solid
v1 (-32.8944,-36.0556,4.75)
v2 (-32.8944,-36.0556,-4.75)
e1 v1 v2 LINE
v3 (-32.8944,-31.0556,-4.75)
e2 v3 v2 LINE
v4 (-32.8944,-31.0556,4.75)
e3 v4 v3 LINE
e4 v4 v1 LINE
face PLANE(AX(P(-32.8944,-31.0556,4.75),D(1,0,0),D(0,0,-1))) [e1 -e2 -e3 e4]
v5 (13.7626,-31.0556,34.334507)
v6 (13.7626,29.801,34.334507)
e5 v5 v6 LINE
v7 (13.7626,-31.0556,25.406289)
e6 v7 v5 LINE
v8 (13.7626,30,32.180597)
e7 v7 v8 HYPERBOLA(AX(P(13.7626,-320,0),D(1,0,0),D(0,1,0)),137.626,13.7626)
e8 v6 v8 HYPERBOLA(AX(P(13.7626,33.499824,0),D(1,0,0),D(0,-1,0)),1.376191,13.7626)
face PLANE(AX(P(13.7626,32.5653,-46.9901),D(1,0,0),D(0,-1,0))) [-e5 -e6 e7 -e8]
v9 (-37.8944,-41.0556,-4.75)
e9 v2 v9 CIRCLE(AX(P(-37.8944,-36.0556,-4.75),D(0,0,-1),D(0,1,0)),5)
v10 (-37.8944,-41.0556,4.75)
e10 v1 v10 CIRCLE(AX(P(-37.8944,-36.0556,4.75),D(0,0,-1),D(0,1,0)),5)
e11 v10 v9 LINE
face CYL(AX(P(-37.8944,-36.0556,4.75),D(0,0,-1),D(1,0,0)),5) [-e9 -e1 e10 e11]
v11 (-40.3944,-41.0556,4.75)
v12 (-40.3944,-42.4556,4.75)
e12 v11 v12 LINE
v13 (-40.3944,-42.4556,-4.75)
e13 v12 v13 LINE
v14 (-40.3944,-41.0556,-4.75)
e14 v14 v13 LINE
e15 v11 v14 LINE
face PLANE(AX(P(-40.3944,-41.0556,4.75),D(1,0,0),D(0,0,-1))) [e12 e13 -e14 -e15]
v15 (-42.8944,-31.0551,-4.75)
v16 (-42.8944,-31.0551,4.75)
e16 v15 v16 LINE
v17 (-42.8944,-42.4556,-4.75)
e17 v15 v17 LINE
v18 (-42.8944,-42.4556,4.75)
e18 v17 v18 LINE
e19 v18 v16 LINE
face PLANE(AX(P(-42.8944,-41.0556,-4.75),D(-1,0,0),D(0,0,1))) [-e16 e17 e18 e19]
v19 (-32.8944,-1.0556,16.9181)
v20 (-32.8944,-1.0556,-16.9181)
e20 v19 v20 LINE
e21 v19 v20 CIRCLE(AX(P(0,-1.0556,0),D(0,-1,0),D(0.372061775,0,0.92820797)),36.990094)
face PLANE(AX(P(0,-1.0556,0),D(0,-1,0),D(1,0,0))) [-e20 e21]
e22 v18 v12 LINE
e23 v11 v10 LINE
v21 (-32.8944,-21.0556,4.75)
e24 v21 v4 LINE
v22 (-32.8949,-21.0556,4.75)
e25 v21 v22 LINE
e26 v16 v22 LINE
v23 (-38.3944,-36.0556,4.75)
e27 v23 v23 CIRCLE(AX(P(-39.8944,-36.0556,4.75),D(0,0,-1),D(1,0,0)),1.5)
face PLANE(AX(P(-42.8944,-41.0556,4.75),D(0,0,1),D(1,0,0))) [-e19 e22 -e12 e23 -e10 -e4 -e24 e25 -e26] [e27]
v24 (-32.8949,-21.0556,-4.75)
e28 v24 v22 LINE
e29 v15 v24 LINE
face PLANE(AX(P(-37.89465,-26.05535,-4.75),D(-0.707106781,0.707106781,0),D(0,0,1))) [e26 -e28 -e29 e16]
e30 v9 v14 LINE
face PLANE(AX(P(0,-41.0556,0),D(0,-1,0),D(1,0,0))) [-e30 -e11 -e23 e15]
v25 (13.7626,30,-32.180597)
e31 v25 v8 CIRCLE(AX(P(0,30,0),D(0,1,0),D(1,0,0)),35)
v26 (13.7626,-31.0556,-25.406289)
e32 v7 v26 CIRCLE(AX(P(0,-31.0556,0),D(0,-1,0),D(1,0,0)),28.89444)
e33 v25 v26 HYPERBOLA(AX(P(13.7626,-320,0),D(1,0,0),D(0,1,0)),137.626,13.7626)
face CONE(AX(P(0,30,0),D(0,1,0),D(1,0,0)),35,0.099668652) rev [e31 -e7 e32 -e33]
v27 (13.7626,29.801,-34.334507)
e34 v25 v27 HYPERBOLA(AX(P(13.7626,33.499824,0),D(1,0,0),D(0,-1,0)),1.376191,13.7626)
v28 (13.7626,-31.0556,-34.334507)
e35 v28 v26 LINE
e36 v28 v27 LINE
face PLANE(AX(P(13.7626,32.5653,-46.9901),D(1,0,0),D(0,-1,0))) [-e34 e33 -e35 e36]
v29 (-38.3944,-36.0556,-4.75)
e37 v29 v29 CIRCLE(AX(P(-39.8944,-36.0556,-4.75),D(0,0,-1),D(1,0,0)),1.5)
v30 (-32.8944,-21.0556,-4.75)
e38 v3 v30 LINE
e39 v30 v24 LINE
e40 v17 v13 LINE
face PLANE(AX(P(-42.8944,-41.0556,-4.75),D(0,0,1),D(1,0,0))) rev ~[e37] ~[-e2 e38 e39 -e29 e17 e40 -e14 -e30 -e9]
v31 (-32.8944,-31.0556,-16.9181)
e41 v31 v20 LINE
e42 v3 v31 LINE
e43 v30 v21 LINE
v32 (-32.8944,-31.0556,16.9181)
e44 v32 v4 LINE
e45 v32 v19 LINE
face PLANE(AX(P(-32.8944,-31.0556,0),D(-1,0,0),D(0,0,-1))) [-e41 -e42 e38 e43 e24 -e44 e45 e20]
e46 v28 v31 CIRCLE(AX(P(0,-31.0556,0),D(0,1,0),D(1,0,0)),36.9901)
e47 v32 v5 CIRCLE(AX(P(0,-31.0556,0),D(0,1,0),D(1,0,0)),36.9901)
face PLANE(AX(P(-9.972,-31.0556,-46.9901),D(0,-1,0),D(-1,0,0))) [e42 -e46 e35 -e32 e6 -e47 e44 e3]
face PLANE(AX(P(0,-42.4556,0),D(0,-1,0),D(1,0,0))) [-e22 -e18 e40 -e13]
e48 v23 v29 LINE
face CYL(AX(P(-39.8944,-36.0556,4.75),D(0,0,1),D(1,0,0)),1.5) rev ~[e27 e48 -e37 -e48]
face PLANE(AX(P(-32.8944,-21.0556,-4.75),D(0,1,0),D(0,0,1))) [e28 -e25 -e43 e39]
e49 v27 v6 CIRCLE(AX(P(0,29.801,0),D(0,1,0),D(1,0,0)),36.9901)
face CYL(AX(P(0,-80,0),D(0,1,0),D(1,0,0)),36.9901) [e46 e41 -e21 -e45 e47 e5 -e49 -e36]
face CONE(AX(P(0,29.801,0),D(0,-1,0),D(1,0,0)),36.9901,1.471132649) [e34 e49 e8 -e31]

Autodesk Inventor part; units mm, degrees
sketch "スケッチ1" plane through (0, 0, 0) normal (0, 0, 1) x (1, 0, 0)
  line L0 (0, 0) -> (32, 0)
  line L1 (0, 0) -> (0, 30)
  line L2 (0, 30) -> (35, 30)
  line L3 (35, 30) -> (32, 0)
  line L4 (32, 0) -> (33.9901, -0.199)
  line L5 (33.9901, -0.199) -> (36.9901, 29.801)
  line L6 (36.9901, 29.801) -> (35, 30)
  line L7 (0, 0) -> (0, -80)
  line L8 (0, -80) -> (26.01, -80)
  line L9 (32, 0) -> (24.0199, -79.801)
  line L10 (33.9901, -0.199) -> (26.01, -80)
  line L11 (26.01, -80) -> (24.0199, -79.801)
  line L12 (26.01, -80) -> (36.9901, -80)
  line L13 (36.9901, -80) -> (36.9901, 29.801)
  line L14 (24.0199, -79.801) -> (24, -80)
  dimension "d0" = 32
  dimension "d1" = 30
  dimension "d2" = 35
  dimension "d3" = 2
  dimension "d4" = 80
revolve "回転1" add sketch "スケッチ1" angle 360 about axis through (0, 0, 0) along (0, 1, 0) contours L3 L6 L5 L4 | L4 L10 L11 L9 | L5 L13 L12 L10 | L11 L8 L14
ref_plane "作業平面4" through (0, 0, 37) normal (0, 0, 1) x (1, 0, 0)
sketch "スケッチ2" plane through (0, 0, 37) normal (0, 0, 1) x (1, 0, 0)
  circle A0 centre (0, 0) radius 33
  line L0 (0, 0) -> (0, -46)
  line L1 (-13.5, -41) -> (13.5, -41)
  line L2 (13.5, -41) -> (13.5, -51)
  line L3 (13.5, -51) -> (-13.5, -51)
  line L4 (-13.5, -51) -> (-13.5, -41)
  line L5 (-13.5, -41) -> (13.5, -51) construction
  line L6 (13.5, -41) -> (-13.5, -51) construction
  dimension "d10" = 66
  dimension "d11" = 46
  dimension "d12" = 27
  dimension "d13" = 10
sketch "スケッチ4" plane through (0, -80, 0) normal (0, -1, 0) x (1, 0, 0)
  circle A0 centre (0, 0) radius 36.9901 projected
  line L0 (-20, 25.4) -> (20, 25.4)
  line L1 (20, 25.4) -> (20, -25.4)
  line L2 (20, -25.4) -> (-20, -25.4)
  line L3 (-20, -25.4) -> (-20, 25.4)
  line L4 (-20, 25.4) -> (20, -25.4) construction
  line L5 (20, 25.4) -> (-20, -25.4) construction
  arc A1 (20, 13.2808) -> (-20, 13.2808) centre (0, 0) ccw
  arc A2 (-20, -13.2808) -> (20, -13.0826) centre (-0.0647, -0.1207) ccw
  dimension "d14" = 40
  dimension "d15" = 50.8
extrude "押し出し1" add sketch "スケッチ4" along normal blind 10 contours L0 L1 A1 L3 | A2 L1 L2 L3
sketch "スケッチ5" plane through (-20, -80, 25.4) normal (0, 0, 1) x (1, 0, 0)
  line L0 (0, 0) -> (40, 0) projected
  line L1 (40, 0) -> (40, -10) projected
  line L2 (20, 0) -> (20, -5)
  line L3 (20, -5) -> (35, -5)
  line L4 (20, -5) -> (5, -5)
  circle A0 centre (5, -5) radius 1.25
  circle A1 centre (35, -5) radius 1.25
  point P0 (20, 80)
  dimension "d18" = 5
  dimension "d19" = 15
  dimension "d20" = 15
  dimension "d21" = 2.5
  dimension "d22" = 2.5
extrude "押し出し2" cut sketch "スケッチ5" against normal blind 51
extrude "押し出し3" cut sketch "スケッチ2" against normal blind 80 contours L1 L2 L3 L4
sketch "スケッチ6" plane through (0, -80, 0) normal (0, -1, 0) x (1, 0, 0)
  arc A0 (-20, -13.2808) -> (2.6513, -23.8531) centre (-0.0647, -0.1207) ccw projected
  arc A1 (20, -13.2665) -> (2.6513, -23.8531) centre (0, 0) ccw projected
  line L0 (20, -13.2665) -> (20, -25.4) projected
  line L1 (-20, -25.4) -> (-20, -13.2808) projected
  line L2 (20, 25.4) -> (20, 13.2808) projected
  arc A2 (20, 13.2808) -> (-20, 13.2808) centre (0, 0) ccw projected
  line L3 (-20, 13.2808) -> (-20, 25.4) projected
  arc A3 (-20, 13.2808) -> (-20, -13.2808) centre (0.1181, 0) ccw
  arc A4 (-20, 25.4) -> (-20, -25.4) centre (1.0675, 0) ccw
  arc A5 (20, -13.2665) -> (20, 13.2808) centre (0.0108, 0.0072) ccw
  arc A6 (20, -25.4) -> (20, 25.4) centre (-1.0675, 0) ccw
  dimension "d27" = 33
  dimension "d28" = 33
extrude "押し出し4" add sketch "スケッチ6" along normal blind 10 contours L1 A4 L3 A3 A1 | A5 L2 A6 L0
sketch "スケッチ7" plane through (0, -51, 0) normal (0, 1, 0) x (1, 0, 0)
  arc A0 (13.5, 34.4386) -> (-13.5, 34.4386) centre (0, 0) ccw projected
  line L0 (-10, 26.9901) -> (10, 26.9901)
  line L1 (10, 26.9901) -> (10, 46.9901)
  line L2 (10, 46.9901) -> (-10, 46.9901)
  line L3 (-10, 46.9901) -> (-10, 26.9901)
  line L4 (-10, 26.9901) -> (10, 46.9901) construction
  line L5 (10, 26.9901) -> (-10, 46.9901) construction
  point P0 (0, 36.9901)
  dimension "d31" = 20
extrude "押し出し5" add sketch "スケッチ7" against normal blind 5
mirror "ミラー1" about plane through (0, 0, 0) normal (0, 0, 1) of "押し出し5"
ref_plane "作業平面5" through (10, -51, 41.3014) normal (0, 1, 0) x (1, 0, 0)
sketch "スケッチ8" plane through (10, -51, 41.3014) normal (0, 1, 0) x (1, 0, 0)
  line L0 (-14.9767, 1.255) -> (-4.9767, 1.255)
  line L1 (-4.9767, 1.255) -> (-4.9767, 81.255)
  line L2 (-4.9767, 81.255) -> (-14.9767, 81.255)
  line L3 (-14.9767, 81.255) -> (-14.9767, 1.255)
  line L4 (-14.9767, 1.255) -> (-4.9767, 81.255) construction
  line L5 (-4.9767, 1.255) -> (-14.9767, 81.255) construction
  line L6 (-9.9767, 81.255) -> (-9.9767, 1.255)
  circle A0 centre (-9.9767, 81.255) radius 1
  circle A1 centre (-9.9767, 1.255) radius 1
  point P0 (-9.9767, 41.255)
  dimension "d42" = 10
  dimension "d43" = 80
  dimension "d44" = 2
  dimension "d45" = 2
extrude "押し出し7" cut sketch "スケッチ8" against normal blind 5 contours L6 A1 L0 | L0 A1 | L0 A1 L6 | A0 L2 L6 | L6 L2 A0 | L2 A0
ref_plane "作業平面6" through (-10, -53.5, -46.9901) normal (0, 0, -1) x (-1, 0, 0)
sketch "スケッチ9" plane through (-10, -53.5, -46.9901) normal (0, 0, -1) x (-1, 0, 0)
  line L0 (26.829, -26.5556) -> (-47.1085, -26.5556)
  line L1 (-0.028, -26.5556) -> (-0.028, 22.4444)
  line L2 (-23.7626, 22.4444) -> (28.9336, 22.4444)
  line L3 (28.9336, 22.4444) -> (28.9336, 86.0653)
  line L4 (28.9336, 86.0653) -> (-23.7626, 86.0653)
  line L5 (-23.7626, 86.0653) -> (-23.7626, 22.4444)
  line L6 (-23.7626, 86.0653) -> (-48.5643, 86.0653)
  line L7 (-48.5643, 86.0653) -> (-48.5643, -39.6917)
  line L8 (-48.5643, -39.6917) -> (-23.7626, -39.6917)
  line L9 (-23.7626, -39.6917) -> (-23.7626, 86.0653)
  line L10 (-23.7626, 22.4444) -> (28.9336, 22.4444)
  line L11 (28.9336, 22.4444) -> (28.9336, -39.6917)
  line L12 (28.9336, -39.6917) -> (-23.7626, -39.6917)
  line L13 (-23.7626, -39.6917) -> (-23.7626, 22.4444)
  point P0 (-10, 53.5)
  dimension "d48" = 49
extrude "押し出し9" cut sketch "スケッチ9" against normal blind 95 contours L1 L2 L11 L12 L9 L0 | L0 L9 L2 L1 | L9 L8 L7 L6 L5
sketch "スケッチ10" plane through (0, -31.0556, 0) normal (0, -1, 0) x (1, 0, 0)
  arc A0 (13.7626, 34.3345) -> (13.7626, -34.3345) centre (0, 0) ccw projected
  arc A1 (13.7626, 25.4063) -> (13.7626, -25.4063) centre (0, 0) ccw projected
  line L0 (13.7626, 25.4063) -> (13.7626, 34.3345) projected
  line L1 (-28.8944, 0) -> (-32.8944, 0)
  line L2 (-32.8944, 0) -> (-32.8944, 16.9181)
  line L3 (-32.8944, 0) -> (-32.8944, -16.9181)
  dimension "d53" = 4
extrude "押し出し10" cut sketch "スケッチ10" against normal blind 30 contours L2 L3 A0
sketch "スケッチ11" plane through (-32.8944, -31.0556, -16.9181) normal (-1, 0, 0) x (0, 0, 1)
  line L0 (33.8361, 0) -> (0, 0) projected
  line L1 (0, 0) -> (0, 30) projected
  line L2 (16.9181, 0) -> (16.9181, 5)
  line L3 (12.1681, 10) -> (21.6681, 10)
  line L4 (21.6681, 10) -> (21.6681, 0)
  line L5 (21.6681, 0) -> (12.1681, 0)
  line L6 (12.1681, 0) -> (12.1681, 10)
  line L7 (12.1681, 10) -> (21.6681, 0) construction
  line L8 (21.6681, 10) -> (12.1681, 0) construction
  point P0 (16.9181, 31.0556)
  dimension "d56" = 5
  dimension "d57" = 9.5
extrude "押し出し11" add sketch "スケッチ11" along normal blind 10
sketch "スケッチ12" plane through (0, -31.0556, 0) normal (0, -1, 0) x (1, 0, 0)
  line L0 (-42.8944, 4.75) -> (-32.8944, 4.75)
  line L1 (-32.8944, 4.75) -> (-32.8944, -4.75)
  line L2 (-32.8944, -4.75) -> (-42.8944, -4.75)
  line L3 (-42.8944, -4.75) -> (-42.8944, 4.75)
  line L4 (-42.8944, 4.75) -> (-32.8944, -4.75) construction
  line L5 (-32.8944, 4.75) -> (-42.8944, -4.75) construction
  point P0 (-37.8944, 0)
extrude "押し出し12" add sketch "スケッチ12" along normal blind 10
sketch "スケッチ13" plane through (-42.8944, -21.0556, 4.75) normal (0, 0, 1) x (1, 0, 0)
  line L0 (0, 0) -> (0, -20) projected
  line L1 (0, -20) -> (0, -15)
  line L2 (0, -15) -> (3, -15)
  circle A0 centre (3, -15) radius 1.5
  point P0 (42.8944, 21.0556)
  dimension "d62" = 3
  dimension "d63" = 3
extrude "押し出し13" cut sketch "スケッチ13" against normal blind 10
chamfer "面取り1" distance 10 angle 45 1 edges at (-42.8944, -21.0556, 0)
fillet "フィレット2" radius 5 1 edges at (-32.8944, -41.0556, 0)
sketch "スケッチ14" plane through (0, -41.0556, 0) normal (0, -1, 0) x (1, 0, 0)
  line L0 (-42.8944, -4.75) -> (-37.8944, -4.75) projected
  line L1 (-42.8944, 4.75) -> (-40.3944, 4.75)
  line L2 (-40.3944, 4.75) -> (-40.3944, -4.75)
  line L3 (-40.3944, -4.75) -> (-42.8944, -4.75)
  line L4 (-42.8944, -4.75) -> (-42.8944, 4.75)
  point P0 (0, 0)
extrude "押し出し14" add sketch "スケッチ14" along normal blind 1.4
properties part number "知能ロボコン吸引部２.1.2"
